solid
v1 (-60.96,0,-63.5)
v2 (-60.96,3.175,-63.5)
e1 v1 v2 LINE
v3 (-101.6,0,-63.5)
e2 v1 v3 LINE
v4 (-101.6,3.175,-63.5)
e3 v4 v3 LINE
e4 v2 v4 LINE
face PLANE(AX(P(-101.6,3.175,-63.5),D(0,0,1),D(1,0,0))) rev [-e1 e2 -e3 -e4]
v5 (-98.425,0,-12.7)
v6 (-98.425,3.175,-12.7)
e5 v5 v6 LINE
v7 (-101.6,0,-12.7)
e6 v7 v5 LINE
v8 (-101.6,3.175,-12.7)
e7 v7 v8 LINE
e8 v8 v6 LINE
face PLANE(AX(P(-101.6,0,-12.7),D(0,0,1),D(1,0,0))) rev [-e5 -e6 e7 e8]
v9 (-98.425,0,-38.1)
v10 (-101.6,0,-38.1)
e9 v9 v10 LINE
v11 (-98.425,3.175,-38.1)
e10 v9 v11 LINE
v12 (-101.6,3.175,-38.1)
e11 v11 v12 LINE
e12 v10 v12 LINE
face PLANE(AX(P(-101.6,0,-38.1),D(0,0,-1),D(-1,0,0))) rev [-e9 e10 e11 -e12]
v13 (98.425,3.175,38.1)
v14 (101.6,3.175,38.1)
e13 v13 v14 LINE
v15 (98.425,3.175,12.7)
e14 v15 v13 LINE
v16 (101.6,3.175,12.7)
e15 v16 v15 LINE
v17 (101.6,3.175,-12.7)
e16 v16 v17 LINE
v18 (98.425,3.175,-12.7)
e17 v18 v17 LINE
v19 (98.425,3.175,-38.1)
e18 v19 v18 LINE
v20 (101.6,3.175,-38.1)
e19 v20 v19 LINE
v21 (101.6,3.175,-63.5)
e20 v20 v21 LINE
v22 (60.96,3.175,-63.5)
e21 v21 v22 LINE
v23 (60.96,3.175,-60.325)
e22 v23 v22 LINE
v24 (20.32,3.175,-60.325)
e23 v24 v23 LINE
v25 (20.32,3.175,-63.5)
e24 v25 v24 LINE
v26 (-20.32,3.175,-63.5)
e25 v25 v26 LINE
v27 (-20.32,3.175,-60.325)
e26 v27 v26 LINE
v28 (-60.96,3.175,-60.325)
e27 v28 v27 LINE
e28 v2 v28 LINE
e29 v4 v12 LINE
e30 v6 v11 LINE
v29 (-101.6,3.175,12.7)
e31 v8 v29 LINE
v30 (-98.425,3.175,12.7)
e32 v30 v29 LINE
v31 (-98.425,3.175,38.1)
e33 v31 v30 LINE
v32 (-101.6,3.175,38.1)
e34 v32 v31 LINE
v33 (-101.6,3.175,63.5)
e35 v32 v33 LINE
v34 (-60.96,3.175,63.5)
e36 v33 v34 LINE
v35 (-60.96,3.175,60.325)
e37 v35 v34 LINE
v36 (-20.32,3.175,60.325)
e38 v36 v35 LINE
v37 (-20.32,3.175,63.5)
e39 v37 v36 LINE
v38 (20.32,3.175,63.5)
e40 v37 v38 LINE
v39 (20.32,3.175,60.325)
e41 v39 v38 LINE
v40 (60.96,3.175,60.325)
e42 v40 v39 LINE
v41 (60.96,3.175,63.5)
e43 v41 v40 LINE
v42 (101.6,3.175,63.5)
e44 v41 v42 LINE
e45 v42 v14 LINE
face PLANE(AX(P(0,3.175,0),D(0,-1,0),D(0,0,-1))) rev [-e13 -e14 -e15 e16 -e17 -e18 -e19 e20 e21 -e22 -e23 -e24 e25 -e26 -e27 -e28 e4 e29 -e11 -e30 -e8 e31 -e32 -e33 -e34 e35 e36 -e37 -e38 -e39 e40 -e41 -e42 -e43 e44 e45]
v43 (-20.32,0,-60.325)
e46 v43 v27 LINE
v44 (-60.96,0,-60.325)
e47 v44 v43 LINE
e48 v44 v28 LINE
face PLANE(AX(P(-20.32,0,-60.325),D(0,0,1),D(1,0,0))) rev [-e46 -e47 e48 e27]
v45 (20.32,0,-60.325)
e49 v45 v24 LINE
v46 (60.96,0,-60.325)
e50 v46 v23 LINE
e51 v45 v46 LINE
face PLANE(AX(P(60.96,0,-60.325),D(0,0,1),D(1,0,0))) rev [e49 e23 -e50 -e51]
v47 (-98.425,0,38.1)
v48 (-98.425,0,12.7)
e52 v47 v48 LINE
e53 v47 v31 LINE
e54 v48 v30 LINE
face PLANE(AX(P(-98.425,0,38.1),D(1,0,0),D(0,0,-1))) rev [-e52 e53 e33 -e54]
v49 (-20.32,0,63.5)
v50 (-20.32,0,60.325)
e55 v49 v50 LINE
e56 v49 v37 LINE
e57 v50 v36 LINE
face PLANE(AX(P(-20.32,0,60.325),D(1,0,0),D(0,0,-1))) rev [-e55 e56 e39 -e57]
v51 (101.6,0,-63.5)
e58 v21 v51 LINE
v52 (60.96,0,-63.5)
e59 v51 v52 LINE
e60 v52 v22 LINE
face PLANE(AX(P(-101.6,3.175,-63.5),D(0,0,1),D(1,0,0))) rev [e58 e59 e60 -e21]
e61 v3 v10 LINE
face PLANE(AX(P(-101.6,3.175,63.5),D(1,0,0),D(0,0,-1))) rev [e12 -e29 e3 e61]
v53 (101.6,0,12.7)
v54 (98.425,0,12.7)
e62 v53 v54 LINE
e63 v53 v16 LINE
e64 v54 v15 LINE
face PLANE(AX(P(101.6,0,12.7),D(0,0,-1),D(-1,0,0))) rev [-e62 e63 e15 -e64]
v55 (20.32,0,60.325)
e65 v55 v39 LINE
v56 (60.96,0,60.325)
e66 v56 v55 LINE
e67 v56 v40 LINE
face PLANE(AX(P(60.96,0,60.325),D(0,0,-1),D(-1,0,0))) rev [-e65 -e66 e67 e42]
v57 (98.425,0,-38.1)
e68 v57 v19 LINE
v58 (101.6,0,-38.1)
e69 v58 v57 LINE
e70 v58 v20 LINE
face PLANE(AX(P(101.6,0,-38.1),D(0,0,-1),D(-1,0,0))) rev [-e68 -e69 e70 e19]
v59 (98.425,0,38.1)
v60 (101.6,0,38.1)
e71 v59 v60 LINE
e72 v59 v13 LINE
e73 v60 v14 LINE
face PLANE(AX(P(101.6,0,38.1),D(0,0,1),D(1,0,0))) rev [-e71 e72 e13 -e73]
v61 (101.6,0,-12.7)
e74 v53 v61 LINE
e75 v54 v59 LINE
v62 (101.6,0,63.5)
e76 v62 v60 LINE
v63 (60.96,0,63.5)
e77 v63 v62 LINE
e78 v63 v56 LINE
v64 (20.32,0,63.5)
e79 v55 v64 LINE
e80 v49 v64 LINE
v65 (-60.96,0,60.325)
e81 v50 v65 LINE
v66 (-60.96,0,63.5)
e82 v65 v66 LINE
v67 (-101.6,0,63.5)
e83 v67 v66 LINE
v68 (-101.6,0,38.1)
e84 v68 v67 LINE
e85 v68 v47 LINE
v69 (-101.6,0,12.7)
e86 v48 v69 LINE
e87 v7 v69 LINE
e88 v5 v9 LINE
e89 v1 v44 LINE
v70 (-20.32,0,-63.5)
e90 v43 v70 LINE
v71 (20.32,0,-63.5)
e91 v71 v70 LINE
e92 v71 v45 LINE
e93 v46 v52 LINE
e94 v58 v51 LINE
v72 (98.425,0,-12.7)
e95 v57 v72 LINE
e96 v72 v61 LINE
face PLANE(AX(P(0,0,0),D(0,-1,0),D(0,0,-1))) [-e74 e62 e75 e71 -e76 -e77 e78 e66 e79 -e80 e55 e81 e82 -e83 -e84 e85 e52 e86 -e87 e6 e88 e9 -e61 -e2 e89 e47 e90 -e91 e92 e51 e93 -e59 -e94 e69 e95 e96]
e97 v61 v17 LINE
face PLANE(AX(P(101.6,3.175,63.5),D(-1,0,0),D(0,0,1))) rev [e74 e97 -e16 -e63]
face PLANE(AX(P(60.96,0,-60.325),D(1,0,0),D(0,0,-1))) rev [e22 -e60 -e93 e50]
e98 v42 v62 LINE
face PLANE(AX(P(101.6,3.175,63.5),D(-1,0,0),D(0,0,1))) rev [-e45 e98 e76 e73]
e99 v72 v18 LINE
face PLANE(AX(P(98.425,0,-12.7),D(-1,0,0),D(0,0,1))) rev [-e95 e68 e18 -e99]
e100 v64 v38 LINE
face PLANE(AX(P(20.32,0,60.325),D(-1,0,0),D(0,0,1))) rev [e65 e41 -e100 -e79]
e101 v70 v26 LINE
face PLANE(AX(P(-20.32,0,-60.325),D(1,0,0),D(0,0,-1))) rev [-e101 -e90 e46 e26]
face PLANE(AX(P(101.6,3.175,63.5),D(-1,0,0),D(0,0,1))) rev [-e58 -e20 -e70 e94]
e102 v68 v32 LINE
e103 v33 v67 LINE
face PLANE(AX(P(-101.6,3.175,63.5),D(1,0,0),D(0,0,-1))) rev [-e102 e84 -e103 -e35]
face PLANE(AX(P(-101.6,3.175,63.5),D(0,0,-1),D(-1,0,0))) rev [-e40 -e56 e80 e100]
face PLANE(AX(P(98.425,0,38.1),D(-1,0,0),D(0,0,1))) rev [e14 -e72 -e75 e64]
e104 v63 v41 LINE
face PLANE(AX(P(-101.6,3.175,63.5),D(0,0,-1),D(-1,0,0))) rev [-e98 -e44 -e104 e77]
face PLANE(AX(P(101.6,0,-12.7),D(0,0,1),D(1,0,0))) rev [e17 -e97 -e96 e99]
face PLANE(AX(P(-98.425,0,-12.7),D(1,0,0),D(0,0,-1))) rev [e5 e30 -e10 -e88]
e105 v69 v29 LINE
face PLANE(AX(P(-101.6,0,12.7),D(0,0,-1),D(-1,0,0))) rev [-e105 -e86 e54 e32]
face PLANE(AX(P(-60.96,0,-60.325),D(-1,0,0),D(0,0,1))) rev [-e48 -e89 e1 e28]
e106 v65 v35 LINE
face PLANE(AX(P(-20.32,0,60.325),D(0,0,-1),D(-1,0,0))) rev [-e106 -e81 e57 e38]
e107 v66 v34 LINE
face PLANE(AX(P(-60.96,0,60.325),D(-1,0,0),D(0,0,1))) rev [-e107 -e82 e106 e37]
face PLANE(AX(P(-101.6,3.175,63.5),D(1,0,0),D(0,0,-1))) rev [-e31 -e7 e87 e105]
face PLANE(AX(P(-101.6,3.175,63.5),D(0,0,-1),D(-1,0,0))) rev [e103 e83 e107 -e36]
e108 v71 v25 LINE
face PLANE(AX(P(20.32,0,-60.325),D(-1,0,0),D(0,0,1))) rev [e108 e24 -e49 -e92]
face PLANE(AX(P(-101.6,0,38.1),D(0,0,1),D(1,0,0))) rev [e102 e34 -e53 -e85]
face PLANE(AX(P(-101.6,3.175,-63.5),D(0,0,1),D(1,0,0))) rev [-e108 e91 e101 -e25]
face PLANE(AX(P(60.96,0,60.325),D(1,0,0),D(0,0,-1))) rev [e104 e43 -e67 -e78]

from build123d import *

# Parameters (mm, degrees)
SKETCH1_W           = 203.2
SKETCH1_H           = 127
BOSS_EXTRUDE1_DEPTH = 3.175
SKETCH3_W           = 40.64
SKETCH3_H           = 3.175
CUT_EXTRUDE1_DEPTH  = 3.175
LPATTERN1_COUNT     = 2
LPATTERN1_PITCH     = 81.28
SKETCH5_W           = 40.64
SKETCH5_H           = 3.175
CUT_EXTRUDE2_DEPTH  = 3.175
LPATTERN2_COUNT     = 2
LPATTERN2_PITCH     = 81.28
SKETCH6_W           = 3.175
SKETCH6_H           = 25.4
CUT_EXTRUDE3_DEPTH  = 3.175
LPATTERN3_COUNT     = 2
LPATTERN3_PITCH     = 50.8
SKETCH7_W           = 3.175
SKETCH7_H           = 25.4
CUT_EXTRUDE4_DEPTH  = 3.175
LPATTERN4_COUNT     = 2
LPATTERN4_PITCH     = 50.8


with BuildPart() as part:
    # Sketch1 → Boss-Extrude1 (new body)
    with BuildSketch(Plane(origin=(0, 0, 0), x_dir=(1, 0, 0), z_dir=(0, 1, 0))):
        Rectangle(SKETCH1_W, SKETCH1_H)
    extrude(amount=BOSS_EXTRUDE1_DEPTH)

    # Sketch3 → Cut-Extrude1 (cut)
    with BuildSketch(Plane(origin=(0, 3.175, 0), x_dir=(1, 0, 0), z_dir=(0, 1, 0))):
        with Locations((-40.64, -61.9125)):
            Rectangle(SKETCH3_W, SKETCH3_H)
    cut_extrude1 = extrude(amount=-CUT_EXTRUDE1_DEPTH, mode=Mode.SUBTRACT)

    # LPattern1: Cut-Extrude1 ×2
    with Locations(*[(i * LPATTERN1_PITCH, 0, 0) for i in range(1, LPATTERN1_COUNT)]):
        add(cut_extrude1, mode=Mode.SUBTRACT)

    # Sketch5 → Cut-Extrude2 (cut)
    with BuildSketch(Plane(origin=(0, 3.175, 0), x_dir=(1, 0, 0), z_dir=(0, 1, 0))):
        with Locations((-40.64, 61.9125)):
            Rectangle(SKETCH5_W, SKETCH5_H)
    cut_extrude2 = extrude(amount=-CUT_EXTRUDE2_DEPTH, mode=Mode.SUBTRACT)

    # LPattern2: Cut-Extrude2 ×2
    with Locations(*[(i * LPATTERN2_PITCH, 0, 0) for i in range(1, LPATTERN2_COUNT)]):
        add(cut_extrude2, mode=Mode.SUBTRACT)

    # Sketch6 → Cut-Extrude3 (cut)
    with BuildSketch(Plane(origin=(0, 3.175, 0), x_dir=(1, 0, 0), z_dir=(0, 1, 0))):
        with Locations((-100.0125, -25.4)):
            Rectangle(SKETCH6_W, SKETCH6_H)
    cut_extrude3 = extrude(amount=-CUT_EXTRUDE3_DEPTH, mode=Mode.SUBTRACT)

    # LPattern3: Cut-Extrude3 ×2
    with Locations(*[(0, 0, -i * LPATTERN3_PITCH) for i in range(1, LPATTERN3_COUNT)]):
        add(cut_extrude3, mode=Mode.SUBTRACT)

    # Sketch7 → Cut-Extrude4 (cut)
    with BuildSketch(Plane(origin=(0, 3.175, 0), x_dir=(1, 0, 0), z_dir=(0, 1, 0))):
        with Locations((100.0125, -25.4)):
            Rectangle(SKETCH7_W, SKETCH7_H)
    cut_extrude4 = extrude(amount=-CUT_EXTRUDE4_DEPTH, mode=Mode.SUBTRACT)

    # LPattern4: Cut-Extrude4 ×2
    with Locations(*[(0, 0, -i * LPATTERN4_PITCH) for i in range(1, LPATTERN4_COUNT)]):
        add(cut_extrude4, mode=Mode.SUBTRACT)


solid = part.part
